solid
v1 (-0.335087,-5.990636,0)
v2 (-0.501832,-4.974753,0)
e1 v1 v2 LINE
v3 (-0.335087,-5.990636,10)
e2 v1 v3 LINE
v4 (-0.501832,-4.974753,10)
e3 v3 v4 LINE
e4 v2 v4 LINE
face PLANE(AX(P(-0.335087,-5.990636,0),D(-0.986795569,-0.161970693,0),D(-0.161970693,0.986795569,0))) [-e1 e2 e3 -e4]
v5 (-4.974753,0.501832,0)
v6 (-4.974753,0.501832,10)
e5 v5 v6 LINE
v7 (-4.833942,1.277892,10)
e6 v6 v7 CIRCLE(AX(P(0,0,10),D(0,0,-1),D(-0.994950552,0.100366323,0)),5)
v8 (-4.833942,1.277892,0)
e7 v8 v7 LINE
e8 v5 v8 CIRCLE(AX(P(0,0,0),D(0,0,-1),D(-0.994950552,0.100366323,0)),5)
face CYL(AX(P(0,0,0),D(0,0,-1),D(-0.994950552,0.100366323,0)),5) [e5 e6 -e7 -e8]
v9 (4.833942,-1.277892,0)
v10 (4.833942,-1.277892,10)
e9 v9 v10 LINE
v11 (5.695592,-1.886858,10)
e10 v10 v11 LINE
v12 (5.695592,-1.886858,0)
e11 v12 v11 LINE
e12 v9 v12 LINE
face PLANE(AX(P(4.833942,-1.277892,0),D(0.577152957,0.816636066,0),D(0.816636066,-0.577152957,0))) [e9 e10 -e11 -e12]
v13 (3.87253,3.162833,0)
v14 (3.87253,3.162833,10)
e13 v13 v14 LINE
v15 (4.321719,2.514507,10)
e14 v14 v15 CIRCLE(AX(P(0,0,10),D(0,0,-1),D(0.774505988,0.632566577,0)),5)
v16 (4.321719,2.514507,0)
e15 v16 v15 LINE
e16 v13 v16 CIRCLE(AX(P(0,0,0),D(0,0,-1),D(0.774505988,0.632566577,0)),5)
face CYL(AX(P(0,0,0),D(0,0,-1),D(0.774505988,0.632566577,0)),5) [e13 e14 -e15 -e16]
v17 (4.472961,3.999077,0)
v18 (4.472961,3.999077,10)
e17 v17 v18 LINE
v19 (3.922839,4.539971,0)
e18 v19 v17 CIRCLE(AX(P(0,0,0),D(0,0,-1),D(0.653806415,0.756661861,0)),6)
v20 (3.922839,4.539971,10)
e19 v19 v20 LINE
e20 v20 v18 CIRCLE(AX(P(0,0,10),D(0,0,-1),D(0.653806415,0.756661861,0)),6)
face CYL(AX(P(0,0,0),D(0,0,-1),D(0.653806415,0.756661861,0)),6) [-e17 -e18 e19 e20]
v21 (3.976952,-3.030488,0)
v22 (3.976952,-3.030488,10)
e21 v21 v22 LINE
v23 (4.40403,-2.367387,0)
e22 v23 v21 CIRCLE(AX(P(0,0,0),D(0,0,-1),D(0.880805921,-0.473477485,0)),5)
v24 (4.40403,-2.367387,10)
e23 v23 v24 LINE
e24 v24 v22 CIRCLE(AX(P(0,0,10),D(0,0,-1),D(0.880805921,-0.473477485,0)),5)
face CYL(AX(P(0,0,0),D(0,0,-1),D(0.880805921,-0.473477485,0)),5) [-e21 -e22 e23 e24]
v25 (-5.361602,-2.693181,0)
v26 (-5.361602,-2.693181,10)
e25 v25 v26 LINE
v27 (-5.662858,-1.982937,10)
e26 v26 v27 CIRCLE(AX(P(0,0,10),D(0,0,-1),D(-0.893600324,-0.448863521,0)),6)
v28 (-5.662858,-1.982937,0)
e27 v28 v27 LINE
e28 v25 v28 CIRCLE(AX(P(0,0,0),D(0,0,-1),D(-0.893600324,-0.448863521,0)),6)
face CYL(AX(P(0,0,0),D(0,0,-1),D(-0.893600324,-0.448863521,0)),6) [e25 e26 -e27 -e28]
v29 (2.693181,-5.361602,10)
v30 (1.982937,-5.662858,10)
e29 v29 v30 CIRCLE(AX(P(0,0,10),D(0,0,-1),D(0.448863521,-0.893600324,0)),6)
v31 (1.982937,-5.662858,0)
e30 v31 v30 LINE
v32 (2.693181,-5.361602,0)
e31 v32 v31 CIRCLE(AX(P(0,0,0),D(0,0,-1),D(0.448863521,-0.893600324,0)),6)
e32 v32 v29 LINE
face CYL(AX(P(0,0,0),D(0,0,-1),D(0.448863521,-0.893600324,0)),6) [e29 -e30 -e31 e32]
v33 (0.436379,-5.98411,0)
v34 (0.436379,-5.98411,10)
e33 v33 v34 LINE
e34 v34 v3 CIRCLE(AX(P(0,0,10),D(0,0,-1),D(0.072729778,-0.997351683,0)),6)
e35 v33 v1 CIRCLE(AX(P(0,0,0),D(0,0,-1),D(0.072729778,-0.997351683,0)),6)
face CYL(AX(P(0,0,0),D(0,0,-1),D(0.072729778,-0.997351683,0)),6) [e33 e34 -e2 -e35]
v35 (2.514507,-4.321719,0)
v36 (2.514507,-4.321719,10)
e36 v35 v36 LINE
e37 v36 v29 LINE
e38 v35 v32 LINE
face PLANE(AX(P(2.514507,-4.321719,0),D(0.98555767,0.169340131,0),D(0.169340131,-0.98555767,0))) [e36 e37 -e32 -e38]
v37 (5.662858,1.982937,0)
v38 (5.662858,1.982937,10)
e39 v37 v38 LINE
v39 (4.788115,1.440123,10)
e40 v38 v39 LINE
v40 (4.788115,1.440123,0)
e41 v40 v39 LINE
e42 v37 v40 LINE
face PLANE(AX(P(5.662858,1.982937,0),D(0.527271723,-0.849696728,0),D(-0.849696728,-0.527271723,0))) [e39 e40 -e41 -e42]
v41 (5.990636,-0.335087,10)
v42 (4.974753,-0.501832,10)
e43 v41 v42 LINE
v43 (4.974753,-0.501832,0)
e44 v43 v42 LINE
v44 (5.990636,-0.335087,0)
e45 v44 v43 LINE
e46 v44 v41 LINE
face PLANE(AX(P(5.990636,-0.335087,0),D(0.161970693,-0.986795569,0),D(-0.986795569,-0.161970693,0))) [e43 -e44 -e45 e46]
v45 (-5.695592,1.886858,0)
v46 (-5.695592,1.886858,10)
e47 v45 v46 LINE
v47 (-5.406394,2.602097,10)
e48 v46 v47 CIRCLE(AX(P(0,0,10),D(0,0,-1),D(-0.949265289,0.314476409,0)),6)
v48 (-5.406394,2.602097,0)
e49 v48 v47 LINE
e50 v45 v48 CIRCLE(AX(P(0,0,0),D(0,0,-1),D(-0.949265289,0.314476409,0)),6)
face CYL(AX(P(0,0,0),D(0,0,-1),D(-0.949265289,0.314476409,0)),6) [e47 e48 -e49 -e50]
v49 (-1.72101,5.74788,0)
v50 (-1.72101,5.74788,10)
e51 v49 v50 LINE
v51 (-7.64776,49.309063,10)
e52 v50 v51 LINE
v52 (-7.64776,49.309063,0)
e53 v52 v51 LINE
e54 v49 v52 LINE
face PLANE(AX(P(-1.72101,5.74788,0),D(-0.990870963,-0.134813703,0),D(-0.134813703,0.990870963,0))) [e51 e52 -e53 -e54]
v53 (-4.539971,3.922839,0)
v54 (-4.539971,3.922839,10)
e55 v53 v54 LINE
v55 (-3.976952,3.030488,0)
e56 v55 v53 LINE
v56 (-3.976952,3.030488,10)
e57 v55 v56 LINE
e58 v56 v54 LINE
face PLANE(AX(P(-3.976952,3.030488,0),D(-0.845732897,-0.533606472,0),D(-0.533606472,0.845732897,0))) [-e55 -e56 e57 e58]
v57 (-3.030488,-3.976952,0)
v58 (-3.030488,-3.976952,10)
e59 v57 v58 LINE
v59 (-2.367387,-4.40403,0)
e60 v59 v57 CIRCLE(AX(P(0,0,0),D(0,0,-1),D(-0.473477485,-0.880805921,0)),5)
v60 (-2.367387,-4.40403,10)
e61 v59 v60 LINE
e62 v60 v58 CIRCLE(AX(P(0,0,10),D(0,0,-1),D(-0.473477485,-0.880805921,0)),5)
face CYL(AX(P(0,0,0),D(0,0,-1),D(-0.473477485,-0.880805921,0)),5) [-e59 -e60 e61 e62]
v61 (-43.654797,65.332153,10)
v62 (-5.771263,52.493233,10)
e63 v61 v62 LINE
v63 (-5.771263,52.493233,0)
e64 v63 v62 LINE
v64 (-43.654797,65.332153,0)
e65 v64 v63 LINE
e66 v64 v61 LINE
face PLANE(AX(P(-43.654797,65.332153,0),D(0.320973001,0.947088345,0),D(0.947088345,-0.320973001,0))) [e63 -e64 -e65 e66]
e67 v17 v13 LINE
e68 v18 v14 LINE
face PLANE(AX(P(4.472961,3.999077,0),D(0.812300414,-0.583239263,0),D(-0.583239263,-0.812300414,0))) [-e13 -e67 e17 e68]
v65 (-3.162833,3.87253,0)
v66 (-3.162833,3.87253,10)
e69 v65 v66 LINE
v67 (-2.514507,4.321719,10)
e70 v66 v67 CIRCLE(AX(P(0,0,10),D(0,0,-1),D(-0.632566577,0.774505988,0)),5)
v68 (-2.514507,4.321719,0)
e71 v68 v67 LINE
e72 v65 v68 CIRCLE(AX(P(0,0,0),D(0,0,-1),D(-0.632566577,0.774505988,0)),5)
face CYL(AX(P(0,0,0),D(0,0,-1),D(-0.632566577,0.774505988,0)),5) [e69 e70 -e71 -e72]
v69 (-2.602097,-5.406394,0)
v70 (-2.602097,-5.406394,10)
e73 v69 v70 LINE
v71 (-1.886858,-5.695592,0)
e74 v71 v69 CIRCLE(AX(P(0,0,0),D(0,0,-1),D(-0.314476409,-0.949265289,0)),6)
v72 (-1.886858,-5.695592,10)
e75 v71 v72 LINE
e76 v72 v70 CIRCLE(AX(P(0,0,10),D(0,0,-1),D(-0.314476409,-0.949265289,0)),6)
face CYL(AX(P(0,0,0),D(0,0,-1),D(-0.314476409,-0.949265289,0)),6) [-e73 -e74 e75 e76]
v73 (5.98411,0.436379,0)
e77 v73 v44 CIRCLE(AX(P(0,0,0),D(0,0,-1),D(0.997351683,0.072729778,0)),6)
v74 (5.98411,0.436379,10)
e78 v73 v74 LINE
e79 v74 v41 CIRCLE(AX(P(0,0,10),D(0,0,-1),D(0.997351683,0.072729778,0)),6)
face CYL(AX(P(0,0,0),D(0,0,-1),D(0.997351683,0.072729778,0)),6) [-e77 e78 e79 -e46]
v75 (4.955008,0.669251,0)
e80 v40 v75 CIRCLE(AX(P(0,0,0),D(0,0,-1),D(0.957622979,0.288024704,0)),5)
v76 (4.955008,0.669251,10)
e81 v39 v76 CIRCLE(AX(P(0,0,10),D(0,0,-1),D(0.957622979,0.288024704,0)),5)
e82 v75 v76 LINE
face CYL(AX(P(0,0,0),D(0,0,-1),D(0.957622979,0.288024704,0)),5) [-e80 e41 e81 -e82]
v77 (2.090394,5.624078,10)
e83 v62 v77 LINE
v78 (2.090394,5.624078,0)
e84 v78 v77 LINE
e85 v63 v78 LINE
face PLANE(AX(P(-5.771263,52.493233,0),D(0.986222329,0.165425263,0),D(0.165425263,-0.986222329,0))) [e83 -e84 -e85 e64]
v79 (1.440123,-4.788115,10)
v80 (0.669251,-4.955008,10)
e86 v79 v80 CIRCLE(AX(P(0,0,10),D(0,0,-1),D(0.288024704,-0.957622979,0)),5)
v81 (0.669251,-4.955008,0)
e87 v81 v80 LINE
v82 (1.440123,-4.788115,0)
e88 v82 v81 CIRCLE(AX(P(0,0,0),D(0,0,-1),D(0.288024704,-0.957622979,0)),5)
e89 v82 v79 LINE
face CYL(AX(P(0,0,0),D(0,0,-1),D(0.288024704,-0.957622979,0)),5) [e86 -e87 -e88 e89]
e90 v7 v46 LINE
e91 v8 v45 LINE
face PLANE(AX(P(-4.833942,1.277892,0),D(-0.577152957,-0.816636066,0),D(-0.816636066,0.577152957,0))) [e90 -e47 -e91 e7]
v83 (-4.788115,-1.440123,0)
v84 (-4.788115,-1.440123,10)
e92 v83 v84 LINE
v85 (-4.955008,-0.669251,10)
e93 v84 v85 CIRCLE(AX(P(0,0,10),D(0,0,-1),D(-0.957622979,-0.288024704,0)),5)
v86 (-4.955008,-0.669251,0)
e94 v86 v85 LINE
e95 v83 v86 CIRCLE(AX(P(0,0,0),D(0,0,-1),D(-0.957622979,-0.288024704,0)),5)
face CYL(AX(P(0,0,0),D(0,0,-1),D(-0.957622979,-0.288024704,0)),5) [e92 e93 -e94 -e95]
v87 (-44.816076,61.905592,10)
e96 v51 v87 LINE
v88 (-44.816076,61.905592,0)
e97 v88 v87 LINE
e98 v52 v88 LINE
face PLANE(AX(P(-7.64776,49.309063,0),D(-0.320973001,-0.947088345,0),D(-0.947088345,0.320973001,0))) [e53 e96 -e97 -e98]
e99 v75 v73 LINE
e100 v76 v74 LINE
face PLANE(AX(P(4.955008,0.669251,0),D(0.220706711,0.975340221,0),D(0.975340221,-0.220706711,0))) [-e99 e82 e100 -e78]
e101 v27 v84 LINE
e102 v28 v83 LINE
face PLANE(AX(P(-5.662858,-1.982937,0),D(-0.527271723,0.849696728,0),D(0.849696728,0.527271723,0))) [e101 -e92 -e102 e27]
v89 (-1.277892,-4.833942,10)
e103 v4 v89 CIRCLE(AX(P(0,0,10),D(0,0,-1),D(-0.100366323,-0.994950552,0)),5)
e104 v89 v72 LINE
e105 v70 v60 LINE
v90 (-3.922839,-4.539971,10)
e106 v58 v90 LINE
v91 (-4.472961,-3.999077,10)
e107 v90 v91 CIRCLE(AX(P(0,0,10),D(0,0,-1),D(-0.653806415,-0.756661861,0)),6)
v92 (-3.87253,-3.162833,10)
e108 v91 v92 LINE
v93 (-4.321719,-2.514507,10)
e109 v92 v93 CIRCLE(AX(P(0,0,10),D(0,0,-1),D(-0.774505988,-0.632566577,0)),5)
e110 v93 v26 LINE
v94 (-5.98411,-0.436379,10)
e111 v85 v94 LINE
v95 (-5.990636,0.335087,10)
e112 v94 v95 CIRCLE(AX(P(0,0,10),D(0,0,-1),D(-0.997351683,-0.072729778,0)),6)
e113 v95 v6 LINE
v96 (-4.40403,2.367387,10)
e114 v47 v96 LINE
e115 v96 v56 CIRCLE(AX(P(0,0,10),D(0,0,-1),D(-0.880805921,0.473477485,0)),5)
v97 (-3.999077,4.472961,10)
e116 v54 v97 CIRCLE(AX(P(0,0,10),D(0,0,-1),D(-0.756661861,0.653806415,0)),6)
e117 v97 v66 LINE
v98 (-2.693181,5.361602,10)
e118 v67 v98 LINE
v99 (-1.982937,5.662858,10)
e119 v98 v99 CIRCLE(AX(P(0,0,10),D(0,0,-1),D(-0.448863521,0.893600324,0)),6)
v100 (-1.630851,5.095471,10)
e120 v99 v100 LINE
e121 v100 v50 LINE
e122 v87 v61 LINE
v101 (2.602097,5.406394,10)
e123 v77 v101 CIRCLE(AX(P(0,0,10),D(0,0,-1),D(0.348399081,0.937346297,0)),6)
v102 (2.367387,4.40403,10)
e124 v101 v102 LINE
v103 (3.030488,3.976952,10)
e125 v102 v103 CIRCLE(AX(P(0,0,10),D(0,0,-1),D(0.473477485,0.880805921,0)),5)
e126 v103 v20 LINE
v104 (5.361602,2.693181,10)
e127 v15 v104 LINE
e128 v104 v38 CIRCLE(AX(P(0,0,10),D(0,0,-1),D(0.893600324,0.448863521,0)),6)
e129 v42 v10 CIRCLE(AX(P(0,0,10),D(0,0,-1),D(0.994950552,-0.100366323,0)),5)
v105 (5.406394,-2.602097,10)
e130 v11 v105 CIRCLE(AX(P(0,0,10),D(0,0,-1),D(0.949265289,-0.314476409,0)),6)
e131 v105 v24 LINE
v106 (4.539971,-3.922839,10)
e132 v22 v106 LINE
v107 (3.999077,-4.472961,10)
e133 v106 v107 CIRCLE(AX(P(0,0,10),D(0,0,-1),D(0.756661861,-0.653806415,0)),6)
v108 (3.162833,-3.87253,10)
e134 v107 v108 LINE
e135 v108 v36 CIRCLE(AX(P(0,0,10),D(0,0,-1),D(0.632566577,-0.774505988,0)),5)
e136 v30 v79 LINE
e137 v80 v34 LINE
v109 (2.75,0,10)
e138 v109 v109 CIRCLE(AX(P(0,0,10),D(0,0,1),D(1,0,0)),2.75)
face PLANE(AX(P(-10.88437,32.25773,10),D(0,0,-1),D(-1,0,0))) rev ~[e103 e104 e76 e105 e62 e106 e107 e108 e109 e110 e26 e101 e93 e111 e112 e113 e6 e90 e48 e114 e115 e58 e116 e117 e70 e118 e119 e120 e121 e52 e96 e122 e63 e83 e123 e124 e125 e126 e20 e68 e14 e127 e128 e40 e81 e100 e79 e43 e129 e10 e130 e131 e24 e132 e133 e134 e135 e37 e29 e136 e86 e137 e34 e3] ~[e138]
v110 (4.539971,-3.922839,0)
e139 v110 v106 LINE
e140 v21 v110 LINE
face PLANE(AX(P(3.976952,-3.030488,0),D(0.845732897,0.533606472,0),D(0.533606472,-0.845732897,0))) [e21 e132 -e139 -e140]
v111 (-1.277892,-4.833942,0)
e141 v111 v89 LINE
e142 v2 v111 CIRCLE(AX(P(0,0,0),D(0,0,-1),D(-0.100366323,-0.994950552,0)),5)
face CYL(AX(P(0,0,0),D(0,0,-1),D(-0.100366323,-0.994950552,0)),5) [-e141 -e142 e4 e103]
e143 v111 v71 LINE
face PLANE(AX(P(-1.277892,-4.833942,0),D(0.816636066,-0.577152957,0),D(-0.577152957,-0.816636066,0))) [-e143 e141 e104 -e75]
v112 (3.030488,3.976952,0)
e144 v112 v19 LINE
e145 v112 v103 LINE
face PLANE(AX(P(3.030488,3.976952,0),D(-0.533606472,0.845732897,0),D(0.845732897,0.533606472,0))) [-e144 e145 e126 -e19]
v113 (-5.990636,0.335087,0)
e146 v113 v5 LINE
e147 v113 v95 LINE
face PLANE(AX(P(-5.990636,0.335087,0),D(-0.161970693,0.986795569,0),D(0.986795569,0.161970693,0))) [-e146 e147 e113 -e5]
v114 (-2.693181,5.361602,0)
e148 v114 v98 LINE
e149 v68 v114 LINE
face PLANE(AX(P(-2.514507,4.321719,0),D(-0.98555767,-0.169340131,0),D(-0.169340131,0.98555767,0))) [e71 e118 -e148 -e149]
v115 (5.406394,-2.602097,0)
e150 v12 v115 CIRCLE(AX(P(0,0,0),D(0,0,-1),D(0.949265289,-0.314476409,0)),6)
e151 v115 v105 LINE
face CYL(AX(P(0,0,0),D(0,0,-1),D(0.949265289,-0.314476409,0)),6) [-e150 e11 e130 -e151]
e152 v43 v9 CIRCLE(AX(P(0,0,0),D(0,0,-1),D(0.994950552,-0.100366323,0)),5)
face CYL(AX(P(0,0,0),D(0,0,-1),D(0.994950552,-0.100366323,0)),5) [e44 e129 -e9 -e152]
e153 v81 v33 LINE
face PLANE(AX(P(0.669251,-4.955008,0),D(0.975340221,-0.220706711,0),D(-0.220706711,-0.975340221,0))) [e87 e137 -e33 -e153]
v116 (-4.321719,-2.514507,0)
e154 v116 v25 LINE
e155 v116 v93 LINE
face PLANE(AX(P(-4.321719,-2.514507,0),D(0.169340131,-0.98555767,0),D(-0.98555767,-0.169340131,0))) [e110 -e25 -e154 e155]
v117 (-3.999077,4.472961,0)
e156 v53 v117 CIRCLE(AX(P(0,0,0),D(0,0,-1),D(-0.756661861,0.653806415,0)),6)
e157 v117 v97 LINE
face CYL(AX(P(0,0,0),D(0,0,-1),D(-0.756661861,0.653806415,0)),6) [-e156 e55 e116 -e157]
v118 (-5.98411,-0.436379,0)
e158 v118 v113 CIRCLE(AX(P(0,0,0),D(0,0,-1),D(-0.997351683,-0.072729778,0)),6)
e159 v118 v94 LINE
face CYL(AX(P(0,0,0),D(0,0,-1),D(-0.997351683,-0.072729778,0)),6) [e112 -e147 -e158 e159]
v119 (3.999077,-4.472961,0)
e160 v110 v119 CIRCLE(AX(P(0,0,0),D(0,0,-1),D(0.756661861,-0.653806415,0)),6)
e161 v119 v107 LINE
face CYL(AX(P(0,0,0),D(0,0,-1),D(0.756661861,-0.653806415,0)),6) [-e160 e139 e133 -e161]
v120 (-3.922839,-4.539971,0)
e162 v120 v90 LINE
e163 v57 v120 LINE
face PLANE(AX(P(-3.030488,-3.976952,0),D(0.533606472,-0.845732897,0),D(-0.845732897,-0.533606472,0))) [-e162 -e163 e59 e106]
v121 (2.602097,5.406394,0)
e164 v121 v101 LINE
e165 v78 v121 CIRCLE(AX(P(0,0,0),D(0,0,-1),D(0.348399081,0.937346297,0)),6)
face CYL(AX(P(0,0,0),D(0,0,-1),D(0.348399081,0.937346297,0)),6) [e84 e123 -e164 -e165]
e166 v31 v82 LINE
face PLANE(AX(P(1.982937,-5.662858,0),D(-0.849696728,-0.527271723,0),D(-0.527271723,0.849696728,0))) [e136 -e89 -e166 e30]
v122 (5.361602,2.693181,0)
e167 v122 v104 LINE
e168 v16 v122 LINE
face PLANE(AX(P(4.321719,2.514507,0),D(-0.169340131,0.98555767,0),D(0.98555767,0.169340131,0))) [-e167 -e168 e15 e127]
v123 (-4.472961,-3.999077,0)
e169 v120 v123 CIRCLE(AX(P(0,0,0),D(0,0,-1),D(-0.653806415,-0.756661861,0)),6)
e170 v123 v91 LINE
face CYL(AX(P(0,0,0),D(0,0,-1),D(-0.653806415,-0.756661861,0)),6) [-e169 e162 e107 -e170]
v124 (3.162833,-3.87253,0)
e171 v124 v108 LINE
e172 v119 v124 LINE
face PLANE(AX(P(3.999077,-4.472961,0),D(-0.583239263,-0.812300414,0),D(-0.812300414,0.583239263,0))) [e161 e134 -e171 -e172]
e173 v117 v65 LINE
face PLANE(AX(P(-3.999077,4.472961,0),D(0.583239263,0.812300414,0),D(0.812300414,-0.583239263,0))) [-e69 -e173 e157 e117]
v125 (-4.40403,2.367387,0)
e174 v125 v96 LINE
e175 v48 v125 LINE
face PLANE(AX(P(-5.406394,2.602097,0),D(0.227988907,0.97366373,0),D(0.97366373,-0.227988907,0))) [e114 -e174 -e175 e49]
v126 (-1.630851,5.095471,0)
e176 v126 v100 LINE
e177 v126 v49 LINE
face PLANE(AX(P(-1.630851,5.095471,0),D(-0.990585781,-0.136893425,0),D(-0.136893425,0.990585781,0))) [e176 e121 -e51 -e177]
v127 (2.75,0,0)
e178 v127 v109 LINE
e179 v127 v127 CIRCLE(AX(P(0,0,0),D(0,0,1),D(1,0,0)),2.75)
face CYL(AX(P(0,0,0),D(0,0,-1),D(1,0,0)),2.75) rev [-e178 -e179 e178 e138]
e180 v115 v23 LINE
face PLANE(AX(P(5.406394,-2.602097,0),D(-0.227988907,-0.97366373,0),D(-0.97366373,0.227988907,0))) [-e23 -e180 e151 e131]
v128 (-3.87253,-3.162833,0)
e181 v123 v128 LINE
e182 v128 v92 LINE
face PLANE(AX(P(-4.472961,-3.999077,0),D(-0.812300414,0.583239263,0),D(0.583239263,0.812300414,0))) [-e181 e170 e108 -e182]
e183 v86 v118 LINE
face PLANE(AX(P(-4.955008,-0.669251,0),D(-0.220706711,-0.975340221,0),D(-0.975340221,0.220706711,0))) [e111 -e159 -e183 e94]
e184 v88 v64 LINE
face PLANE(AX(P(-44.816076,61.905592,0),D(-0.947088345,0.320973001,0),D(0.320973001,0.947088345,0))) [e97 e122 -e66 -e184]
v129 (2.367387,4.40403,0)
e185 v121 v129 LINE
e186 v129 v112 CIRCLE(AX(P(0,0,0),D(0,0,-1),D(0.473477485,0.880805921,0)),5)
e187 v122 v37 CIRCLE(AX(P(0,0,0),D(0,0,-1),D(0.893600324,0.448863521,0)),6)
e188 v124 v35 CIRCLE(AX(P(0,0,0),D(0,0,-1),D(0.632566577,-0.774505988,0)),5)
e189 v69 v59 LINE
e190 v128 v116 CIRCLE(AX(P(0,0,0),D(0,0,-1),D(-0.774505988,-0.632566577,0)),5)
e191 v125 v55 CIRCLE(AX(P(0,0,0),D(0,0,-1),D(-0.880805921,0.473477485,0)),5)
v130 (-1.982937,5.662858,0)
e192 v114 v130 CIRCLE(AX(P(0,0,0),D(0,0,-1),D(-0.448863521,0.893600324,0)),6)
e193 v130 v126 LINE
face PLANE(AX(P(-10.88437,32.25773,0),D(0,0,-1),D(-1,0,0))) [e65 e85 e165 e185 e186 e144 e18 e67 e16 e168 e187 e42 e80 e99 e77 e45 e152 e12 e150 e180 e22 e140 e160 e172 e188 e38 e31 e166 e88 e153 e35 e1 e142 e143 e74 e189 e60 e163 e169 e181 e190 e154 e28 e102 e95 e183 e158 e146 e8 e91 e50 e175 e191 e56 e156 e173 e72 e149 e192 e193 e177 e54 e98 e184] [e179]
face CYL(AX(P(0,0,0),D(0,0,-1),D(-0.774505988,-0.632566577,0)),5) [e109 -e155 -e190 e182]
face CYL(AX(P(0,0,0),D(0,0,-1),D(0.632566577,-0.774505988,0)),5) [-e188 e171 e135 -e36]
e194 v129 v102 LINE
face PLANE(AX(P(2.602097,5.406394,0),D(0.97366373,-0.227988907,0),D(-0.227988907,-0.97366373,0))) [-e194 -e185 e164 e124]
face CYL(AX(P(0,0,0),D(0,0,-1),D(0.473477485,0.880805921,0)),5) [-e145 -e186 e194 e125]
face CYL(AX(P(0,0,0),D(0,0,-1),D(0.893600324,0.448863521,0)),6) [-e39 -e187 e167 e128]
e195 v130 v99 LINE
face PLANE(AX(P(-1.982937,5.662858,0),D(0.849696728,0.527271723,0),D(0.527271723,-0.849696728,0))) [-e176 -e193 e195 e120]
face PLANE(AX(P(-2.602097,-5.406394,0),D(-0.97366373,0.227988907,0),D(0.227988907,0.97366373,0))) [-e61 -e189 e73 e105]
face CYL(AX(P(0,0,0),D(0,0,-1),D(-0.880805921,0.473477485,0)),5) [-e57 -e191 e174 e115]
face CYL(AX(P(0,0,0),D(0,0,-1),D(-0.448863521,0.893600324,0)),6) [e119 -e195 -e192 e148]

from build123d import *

# Parameters (mm, degrees)
SKETCH1_R           = 2.75
BOSS_EXTRUDE1_DEPTH = 10


with BuildPart() as part:
    # Sketch1 → Boss-Extrude1 (new body)
    with BuildSketch(Plane.XY):
        with BuildLine():
            Line((-5.771263161, 52.493232874), (2.09039449, 5.62407778))
            ThreePointArc((2.09039449, 5.62407778), (2.348768815, 5.521167001), (2.602096685, 5.4063937))
            Line((2.602096685, 5.4063937), (2.367387425, 4.404029607))
            ThreePointArc((2.367387425, 4.404029607), (2.707371965, 4.203586212), (3.030487733, 3.976951609))
            Line((3.030487733, 3.976951609), (3.922838506, 4.539971151))
            ThreePointArc((3.922838506, 4.539971151), (4.206602502, 4.278375322), (4.472961167, 3.999077193))
            Line((4.472961167, 3.999077193), (3.872529953, 3.162832869))
            ThreePointArc((3.872529953, 3.162832869), (4.109928346, 2.847540868), (4.321719082, 2.514506746))
            Line((4.321719082, 2.514506746), (5.361601948, 2.693181121))
            ThreePointArc((5.361601948, 2.693181121), (5.523657306, 2.342906308), (5.662857859, 1.982937436))
            Line((5.662857859, 1.982937436), (4.788114901, 1.440123498))
            ThreePointArc((4.788114901, 1.440123498), (4.886785392, 1.05798324), (4.955007877, 0.669251025))
            Line((4.955007877, 0.669251025), (5.984110097, 0.436378678))
            ThreePointArc((5.984110097, 0.436378678), (5.999785357, 0.050751048), (5.990635775, -0.335086571))
            Line((5.990635775, -0.335086571), (4.97475276, -0.501831621))
            ThreePointArc((4.97475276, -0.501831621), (4.919673661, -0.892642746), (4.833941641, -1.277892098))
            Line((4.833941641, -1.277892098), (5.695591729, -1.886858462))
            ThreePointArc((5.695591729, -1.886858462), (5.562500476, -2.2491306), (5.4063937, -2.602096685))
            Line((5.4063937, -2.602096685), (4.404029607, -2.367387425))
            ThreePointArc((4.404029607, -2.367387425), (4.203586212, -2.707371965), (3.976951609, -3.030487733))
            Line((3.976951609, -3.030487733), (4.539971151, -3.922838506))
            ThreePointArc((4.539971151, -3.922838506), (4.278375322, -4.206602502), (3.999077193, -4.472961167))
            Line((3.999077193, -4.472961167), (3.162832869, -3.872529953))
            ThreePointArc((3.162832869, -3.872529953), (2.847540868, -4.109928346), (2.514506746, -4.321719082))
            Line((2.514506746, -4.321719082), (2.693181121, -5.361601948))
            ThreePointArc((2.693181121, -5.361601948), (2.342906308, -5.523657306), (1.982937436, -5.662857859))
            Line((1.982937436, -5.662857859), (1.440123498, -4.788114901))
            ThreePointArc((1.440123498, -4.788114901), (1.05798324, -4.886785392), (0.669251025, -4.955007877))
            Line((0.669251025, -4.955007877), (0.436378678, -5.984110097))
            ThreePointArc((0.436378678, -5.984110097), (0.050751048, -5.999785357), (-0.335086571, -5.990635775))
            Line((-0.335086571, -5.990635775), (-0.501831621, -4.97475276))
            ThreePointArc((-0.501831621, -4.97475276), (-0.892642746, -4.919673661), (-1.277892098, -4.833941641))
            Line((-1.277892098, -4.833941641), (-1.886858462, -5.695591729))
            ThreePointArc((-1.886858462, -5.695591729), (-2.2491306, -5.562500476), (-2.602096685, -5.4063937))
            Line((-2.602096685, -5.4063937), (-2.367387425, -4.404029607))
            ThreePointArc((-2.367387425, -4.404029607), (-2.707371965, -4.203586212), (-3.030487733, -3.976951609))
            Line((-3.030487733, -3.976951609), (-3.922838506, -4.539971151))
            ThreePointArc((-3.922838506, -4.539971151), (-4.206602502, -4.278375322), (-4.472961167, -3.999077193))
            Line((-4.472961167, -3.999077193), (-3.872529953, -3.162832869))
            ThreePointArc((-3.872529953, -3.162832869), (-4.109928346, -2.847540868), (-4.321719082, -2.514506746))
            Line((-4.321719082, -2.514506746), (-5.361601948, -2.693181121))
            ThreePointArc((-5.361601948, -2.693181121), (-5.523657306, -2.342906308), (-5.662857859, -1.982937436))
            Line((-5.662857859, -1.982937436), (-4.788114901, -1.440123498))
            ThreePointArc((-4.788114901, -1.440123498), (-4.886785392, -1.05798324), (-4.955007877, -0.669251025))
            Line((-4.955007877, -0.669251025), (-5.984110097, -0.436378678))
            ThreePointArc((-5.984110097, -0.436378678), (-5.999785357, -0.050751048), (-5.990635775, 0.335086571))
            Line((-5.990635775, 0.335086571), (-4.97475276, 0.501831621))
            ThreePointArc((-4.97475276, 0.501831621), (-4.919673661, 0.892642746), (-4.833941641, 1.277892098))
            Line((-4.833941641, 1.277892098), (-5.695591729, 1.886858462))
            ThreePointArc((-5.695591729, 1.886858462), (-5.562500476, 2.2491306), (-5.4063937, 2.602096685))
            Line((-5.4063937, 2.602096685), (-4.404029607, 2.367387425))
            ThreePointArc((-4.404029607, 2.367387425), (-4.203586212, 2.707371965), (-3.976951609, 3.030487733))
            Line((-3.976951609, 3.030487733), (-4.539971151, 3.922838506))
            ThreePointArc((-4.539971151, 3.922838506), (-4.278375322, 4.206602502), (-3.999077193, 4.472961167))
            Line((-3.999077193, 4.472961167), (-3.162832869, 3.872529953))
            ThreePointArc((-3.162832869, 3.872529953), (-2.847540868, 4.109928346), (-2.514506746, 4.321719082))
            Line((-2.514506746, 4.321719082), (-2.693181121, 5.361601948))
            ThreePointArc((-2.693181121, 5.361601948), (-2.342906308, 5.523657306), (-1.982937436, 5.662857859))
            Line((-1.982937436, 5.662857859), (-1.630850624, 5.095471066))
            Line((-1.630850624, 5.095471066), (-1.721009902, 5.747880037))
            Line((-1.721009902, 5.747880037), (-7.647759844, 49.309063447))
            Line((-7.647759844, 49.309063447), (-44.816075509, 61.905592465))
            Line((-44.816075509, 61.905592465), (-43.65479695, 65.33215291))
            Line((-43.65479695, 65.33215291), (-5.771263161, 52.493232874))
        make_face()
        Circle(SKETCH1_R, mode=Mode.SUBTRACT)
    extrude(amount=BOSS_EXTRUDE1_DEPTH)


solid = part.part
